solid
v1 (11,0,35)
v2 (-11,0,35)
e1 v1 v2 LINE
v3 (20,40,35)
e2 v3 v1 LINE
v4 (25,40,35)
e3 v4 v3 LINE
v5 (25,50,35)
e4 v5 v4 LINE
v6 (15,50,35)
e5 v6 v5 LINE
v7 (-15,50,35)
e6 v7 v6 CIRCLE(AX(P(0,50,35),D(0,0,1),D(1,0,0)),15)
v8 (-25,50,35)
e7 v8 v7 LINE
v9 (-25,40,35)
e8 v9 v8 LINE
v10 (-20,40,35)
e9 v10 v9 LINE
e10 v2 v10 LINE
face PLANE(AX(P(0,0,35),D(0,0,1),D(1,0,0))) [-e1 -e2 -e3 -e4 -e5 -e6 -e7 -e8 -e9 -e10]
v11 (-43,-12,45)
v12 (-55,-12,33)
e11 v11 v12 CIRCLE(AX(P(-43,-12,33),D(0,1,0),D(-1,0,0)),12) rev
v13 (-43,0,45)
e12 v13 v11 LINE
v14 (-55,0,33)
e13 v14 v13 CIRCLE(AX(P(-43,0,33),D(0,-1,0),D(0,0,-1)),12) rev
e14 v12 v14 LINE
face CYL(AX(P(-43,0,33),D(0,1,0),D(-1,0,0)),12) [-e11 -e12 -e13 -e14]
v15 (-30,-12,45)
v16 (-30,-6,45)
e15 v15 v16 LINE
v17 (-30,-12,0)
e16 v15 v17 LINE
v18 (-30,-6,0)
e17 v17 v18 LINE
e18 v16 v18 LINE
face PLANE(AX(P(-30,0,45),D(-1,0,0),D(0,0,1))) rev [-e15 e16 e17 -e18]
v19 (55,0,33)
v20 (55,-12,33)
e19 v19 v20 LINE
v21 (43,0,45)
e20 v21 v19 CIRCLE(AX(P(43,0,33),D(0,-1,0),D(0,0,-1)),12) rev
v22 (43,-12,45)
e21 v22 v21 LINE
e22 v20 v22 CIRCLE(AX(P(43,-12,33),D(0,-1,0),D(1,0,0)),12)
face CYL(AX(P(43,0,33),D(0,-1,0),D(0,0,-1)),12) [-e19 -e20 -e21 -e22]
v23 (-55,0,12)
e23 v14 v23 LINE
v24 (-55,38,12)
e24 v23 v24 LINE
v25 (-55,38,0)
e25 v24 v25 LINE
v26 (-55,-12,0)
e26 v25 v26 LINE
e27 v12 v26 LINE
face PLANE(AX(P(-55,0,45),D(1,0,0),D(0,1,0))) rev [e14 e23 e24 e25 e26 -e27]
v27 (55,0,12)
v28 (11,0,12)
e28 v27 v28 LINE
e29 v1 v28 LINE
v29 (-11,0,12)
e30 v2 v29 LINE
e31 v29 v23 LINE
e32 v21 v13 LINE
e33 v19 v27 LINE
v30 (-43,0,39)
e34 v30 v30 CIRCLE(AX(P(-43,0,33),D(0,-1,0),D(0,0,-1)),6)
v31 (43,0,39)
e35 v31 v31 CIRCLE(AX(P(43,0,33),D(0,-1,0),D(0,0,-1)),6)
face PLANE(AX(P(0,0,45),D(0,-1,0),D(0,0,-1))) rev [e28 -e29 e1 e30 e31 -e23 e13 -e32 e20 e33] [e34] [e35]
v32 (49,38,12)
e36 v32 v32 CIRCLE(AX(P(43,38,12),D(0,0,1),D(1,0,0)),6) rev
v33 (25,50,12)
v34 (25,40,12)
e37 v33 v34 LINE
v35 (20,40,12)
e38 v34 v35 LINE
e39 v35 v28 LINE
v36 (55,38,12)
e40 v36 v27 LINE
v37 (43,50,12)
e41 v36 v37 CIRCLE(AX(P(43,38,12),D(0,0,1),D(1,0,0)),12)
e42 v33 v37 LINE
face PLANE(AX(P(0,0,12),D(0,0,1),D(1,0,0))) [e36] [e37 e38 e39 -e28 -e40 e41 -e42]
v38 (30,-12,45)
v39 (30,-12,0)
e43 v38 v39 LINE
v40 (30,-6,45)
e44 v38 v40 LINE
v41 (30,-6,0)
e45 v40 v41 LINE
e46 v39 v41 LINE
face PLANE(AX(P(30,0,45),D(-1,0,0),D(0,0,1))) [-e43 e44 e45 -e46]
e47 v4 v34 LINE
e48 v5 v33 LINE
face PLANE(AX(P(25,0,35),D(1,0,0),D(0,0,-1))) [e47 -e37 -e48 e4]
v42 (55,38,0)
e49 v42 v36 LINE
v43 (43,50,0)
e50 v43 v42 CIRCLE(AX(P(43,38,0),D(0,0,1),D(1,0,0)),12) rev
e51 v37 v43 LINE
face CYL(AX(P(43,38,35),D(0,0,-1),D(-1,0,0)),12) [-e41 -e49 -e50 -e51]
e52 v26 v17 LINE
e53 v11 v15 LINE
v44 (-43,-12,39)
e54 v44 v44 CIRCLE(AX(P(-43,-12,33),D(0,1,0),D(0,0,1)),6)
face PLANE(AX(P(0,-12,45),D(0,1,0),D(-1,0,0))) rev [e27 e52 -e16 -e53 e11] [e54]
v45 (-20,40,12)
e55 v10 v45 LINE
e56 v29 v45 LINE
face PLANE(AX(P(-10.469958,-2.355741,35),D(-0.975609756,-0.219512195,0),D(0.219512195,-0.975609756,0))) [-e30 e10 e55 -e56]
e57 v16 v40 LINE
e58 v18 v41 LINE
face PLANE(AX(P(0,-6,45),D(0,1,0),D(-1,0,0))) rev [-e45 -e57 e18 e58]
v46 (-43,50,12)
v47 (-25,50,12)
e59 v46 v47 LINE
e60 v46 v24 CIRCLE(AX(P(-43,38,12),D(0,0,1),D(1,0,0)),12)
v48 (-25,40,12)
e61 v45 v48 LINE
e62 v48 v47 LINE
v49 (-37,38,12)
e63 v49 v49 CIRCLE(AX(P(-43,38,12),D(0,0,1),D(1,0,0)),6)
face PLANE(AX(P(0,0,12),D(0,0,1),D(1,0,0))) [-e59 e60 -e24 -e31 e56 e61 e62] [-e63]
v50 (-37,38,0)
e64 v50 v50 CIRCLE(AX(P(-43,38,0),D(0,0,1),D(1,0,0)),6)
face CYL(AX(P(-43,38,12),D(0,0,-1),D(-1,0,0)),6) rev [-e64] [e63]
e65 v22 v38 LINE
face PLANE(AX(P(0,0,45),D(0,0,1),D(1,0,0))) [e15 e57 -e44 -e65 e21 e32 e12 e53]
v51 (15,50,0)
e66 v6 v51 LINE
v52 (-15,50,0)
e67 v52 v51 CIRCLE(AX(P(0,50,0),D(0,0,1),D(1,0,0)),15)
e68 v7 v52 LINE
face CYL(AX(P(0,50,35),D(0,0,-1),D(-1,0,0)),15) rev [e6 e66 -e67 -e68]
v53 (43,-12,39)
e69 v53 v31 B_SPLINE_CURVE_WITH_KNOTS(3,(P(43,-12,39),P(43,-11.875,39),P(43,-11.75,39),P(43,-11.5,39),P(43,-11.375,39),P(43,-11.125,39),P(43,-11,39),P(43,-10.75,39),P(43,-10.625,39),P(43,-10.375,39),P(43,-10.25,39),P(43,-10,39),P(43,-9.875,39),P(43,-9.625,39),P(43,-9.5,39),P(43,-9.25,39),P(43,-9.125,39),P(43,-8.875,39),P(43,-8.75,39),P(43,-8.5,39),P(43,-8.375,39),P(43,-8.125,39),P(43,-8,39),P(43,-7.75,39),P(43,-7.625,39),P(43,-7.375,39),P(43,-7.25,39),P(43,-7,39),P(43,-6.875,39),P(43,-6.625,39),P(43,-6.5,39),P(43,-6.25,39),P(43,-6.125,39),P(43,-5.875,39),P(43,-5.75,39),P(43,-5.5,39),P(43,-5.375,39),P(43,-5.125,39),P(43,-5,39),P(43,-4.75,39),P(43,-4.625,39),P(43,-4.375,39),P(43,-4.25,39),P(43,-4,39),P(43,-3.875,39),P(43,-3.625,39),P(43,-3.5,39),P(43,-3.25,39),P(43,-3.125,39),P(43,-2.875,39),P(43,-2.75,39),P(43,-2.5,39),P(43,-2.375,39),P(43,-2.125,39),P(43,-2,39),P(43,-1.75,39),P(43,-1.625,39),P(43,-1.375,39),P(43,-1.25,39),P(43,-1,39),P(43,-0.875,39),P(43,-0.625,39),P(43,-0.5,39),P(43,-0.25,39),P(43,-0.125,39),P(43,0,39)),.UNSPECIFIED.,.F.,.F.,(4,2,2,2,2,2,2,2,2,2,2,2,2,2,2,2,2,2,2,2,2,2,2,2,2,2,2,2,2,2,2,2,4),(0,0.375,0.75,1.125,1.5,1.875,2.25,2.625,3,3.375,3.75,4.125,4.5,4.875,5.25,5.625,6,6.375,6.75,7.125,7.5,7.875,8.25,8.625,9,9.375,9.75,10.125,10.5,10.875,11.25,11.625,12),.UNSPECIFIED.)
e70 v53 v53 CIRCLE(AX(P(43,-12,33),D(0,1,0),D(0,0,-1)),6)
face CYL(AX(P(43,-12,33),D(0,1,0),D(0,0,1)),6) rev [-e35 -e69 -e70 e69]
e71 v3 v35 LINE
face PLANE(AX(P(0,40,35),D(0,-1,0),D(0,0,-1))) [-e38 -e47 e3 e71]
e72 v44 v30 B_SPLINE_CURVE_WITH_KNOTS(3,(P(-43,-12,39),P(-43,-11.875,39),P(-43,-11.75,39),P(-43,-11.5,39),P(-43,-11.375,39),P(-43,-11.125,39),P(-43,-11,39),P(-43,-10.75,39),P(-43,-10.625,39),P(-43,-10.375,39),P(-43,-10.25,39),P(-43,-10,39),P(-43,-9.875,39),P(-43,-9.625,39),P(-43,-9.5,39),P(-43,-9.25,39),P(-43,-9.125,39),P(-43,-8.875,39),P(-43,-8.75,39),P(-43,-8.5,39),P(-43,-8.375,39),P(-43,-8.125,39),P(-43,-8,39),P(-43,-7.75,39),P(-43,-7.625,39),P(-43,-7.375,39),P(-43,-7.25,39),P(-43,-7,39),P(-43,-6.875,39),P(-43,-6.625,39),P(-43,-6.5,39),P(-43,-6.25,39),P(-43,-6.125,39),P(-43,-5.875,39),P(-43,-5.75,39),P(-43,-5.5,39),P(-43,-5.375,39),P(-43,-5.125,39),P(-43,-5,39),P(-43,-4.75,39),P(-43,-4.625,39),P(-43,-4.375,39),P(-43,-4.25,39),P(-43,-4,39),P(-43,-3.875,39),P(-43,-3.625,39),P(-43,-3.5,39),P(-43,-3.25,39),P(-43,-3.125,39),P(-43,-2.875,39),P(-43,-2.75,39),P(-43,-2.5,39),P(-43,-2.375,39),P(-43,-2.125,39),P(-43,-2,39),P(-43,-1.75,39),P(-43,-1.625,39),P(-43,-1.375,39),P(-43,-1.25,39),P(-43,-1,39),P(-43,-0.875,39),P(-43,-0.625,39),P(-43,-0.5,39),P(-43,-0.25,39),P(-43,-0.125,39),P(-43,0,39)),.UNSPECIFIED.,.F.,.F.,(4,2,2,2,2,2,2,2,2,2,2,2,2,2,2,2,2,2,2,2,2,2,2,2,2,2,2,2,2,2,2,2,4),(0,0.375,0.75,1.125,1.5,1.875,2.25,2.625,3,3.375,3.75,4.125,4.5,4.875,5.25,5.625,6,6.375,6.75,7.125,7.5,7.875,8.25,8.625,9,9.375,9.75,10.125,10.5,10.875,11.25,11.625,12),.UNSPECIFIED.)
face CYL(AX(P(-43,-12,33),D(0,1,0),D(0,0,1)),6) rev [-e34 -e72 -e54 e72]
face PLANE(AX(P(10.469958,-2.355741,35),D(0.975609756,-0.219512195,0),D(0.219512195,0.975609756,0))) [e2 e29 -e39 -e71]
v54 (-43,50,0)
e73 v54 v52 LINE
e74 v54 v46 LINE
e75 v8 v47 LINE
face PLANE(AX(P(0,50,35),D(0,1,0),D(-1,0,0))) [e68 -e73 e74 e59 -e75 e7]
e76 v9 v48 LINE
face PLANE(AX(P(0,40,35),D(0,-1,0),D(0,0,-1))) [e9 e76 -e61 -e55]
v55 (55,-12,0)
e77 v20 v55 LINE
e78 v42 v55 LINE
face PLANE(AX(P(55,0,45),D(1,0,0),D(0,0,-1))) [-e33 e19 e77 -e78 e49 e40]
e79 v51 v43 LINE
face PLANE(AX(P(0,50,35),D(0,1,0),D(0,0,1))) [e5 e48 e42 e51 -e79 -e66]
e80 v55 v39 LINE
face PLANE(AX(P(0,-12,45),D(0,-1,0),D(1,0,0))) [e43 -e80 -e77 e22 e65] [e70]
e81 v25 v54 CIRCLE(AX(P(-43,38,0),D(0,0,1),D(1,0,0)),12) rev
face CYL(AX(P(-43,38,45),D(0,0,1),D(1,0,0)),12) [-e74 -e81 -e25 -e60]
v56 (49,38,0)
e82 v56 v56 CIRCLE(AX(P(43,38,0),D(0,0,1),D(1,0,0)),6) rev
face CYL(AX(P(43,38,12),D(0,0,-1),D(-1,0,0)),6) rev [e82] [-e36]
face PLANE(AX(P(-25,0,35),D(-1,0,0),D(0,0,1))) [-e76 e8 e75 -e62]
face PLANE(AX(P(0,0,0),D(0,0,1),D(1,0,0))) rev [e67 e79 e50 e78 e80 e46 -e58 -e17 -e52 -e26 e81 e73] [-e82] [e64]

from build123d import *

# Parameters (mm, degrees)
BOSS_EXTRUDE2_DEPTH     = 45
BOSS_EXTRUDE3_DEPTH     = 35
SKETCH2_5_R             = 6
BOSS_EXTRUDE4_DEPTH     = 12
FILLET1_R               = 12
CUT_EXTRUDE1_DEPTH      = 87.890735985
CUT_EXTRUDE1_DEPTH_BACK = 87.890735985
SKETCH3_R               = 6


with BuildPart() as part:
    # Sketch2 → Boss-Extrude2 (new body)
    with BuildSketch(Plane.XY):
        Polygon((55, 0), (-55, 0), (-55, -12), (-30, -12), (-30, -6), (30, -6), (30, -12), (55, -12), align=None)
    extrude(amount=BOSS_EXTRUDE2_DEPTH)

    # Sketch2<4> → Boss-Extrude3 (add)
    with BuildSketch(Plane.XY):
        with BuildLine():
            Line((11, 0), (20, 40))
            Line((20, 40), (25, 40))
            Line((25, 40), (25, 50))
            Line((25, 50), (15, 50))
            ThreePointArc((15, 50), (0, 35), (-15, 50))
            Line((-15, 50), (-25, 50))
            Line((-25, 50), (-25, 40))
            Line((-25, 40), (-20, 40))
            Line((-20, 40), (-11, 0))
            Line((-11, 0), (11, 0))
        make_face()
    extrude(amount=BOSS_EXTRUDE3_DEPTH)

    # Sketch2<5> → Boss-Extrude4 (add)
    # profile 1 of 2: a face of its own
    with BuildSketch(Plane.XY):
        Polygon((11, 0), (55, 0), (55, 50), (25, 50), (25, 40), (20, 40), align=None)
        with Locations((43, 38)):
            Circle(SKETCH2_5_R, mode=Mode.SUBTRACT)
    # profile 2 of 2: a face of its own
    with BuildSketch(Plane.XY):
        Polygon((-55, 0), (-11, 0), (-20, 40), (-25, 40), (-25, 50), (-55, 50), align=None)
        with Locations((-43, 38)):
            Circle(SKETCH2_5_R, mode=Mode.SUBTRACT)
    extrude(amount=BOSS_EXTRUDE4_DEPTH)

    # Fillet1
    fillet1_edges = [part.edges().sort_by_distance(p)[0] for p in [
        (55, -6, 45),
        (-55, -6, 45),
        (-55, 50, 6),
        (55, 50, 6),
    ]]
    fillet(fillet1_edges, radius=FILLET1_R)

    # Sketch3 → Cut-Extrude1 (cut, two sides: drawn at the far end of the back side and taken through both)
    with BuildSketch(Plane(origin=(0, 0, 0), x_dir=(1, 0, 0), z_dir=(0, 1, 0)).offset(-CUT_EXTRUDE1_DEPTH_BACK)):
        with Locations((-43, -33)):
            Circle(SKETCH3_R)
        with Locations((43, -33)):
            Circle(SKETCH3_R)
    extrude(amount=CUT_EXTRUDE1_DEPTH + CUT_EXTRUDE1_DEPTH_BACK, mode=Mode.SUBTRACT)


solid = part.part
